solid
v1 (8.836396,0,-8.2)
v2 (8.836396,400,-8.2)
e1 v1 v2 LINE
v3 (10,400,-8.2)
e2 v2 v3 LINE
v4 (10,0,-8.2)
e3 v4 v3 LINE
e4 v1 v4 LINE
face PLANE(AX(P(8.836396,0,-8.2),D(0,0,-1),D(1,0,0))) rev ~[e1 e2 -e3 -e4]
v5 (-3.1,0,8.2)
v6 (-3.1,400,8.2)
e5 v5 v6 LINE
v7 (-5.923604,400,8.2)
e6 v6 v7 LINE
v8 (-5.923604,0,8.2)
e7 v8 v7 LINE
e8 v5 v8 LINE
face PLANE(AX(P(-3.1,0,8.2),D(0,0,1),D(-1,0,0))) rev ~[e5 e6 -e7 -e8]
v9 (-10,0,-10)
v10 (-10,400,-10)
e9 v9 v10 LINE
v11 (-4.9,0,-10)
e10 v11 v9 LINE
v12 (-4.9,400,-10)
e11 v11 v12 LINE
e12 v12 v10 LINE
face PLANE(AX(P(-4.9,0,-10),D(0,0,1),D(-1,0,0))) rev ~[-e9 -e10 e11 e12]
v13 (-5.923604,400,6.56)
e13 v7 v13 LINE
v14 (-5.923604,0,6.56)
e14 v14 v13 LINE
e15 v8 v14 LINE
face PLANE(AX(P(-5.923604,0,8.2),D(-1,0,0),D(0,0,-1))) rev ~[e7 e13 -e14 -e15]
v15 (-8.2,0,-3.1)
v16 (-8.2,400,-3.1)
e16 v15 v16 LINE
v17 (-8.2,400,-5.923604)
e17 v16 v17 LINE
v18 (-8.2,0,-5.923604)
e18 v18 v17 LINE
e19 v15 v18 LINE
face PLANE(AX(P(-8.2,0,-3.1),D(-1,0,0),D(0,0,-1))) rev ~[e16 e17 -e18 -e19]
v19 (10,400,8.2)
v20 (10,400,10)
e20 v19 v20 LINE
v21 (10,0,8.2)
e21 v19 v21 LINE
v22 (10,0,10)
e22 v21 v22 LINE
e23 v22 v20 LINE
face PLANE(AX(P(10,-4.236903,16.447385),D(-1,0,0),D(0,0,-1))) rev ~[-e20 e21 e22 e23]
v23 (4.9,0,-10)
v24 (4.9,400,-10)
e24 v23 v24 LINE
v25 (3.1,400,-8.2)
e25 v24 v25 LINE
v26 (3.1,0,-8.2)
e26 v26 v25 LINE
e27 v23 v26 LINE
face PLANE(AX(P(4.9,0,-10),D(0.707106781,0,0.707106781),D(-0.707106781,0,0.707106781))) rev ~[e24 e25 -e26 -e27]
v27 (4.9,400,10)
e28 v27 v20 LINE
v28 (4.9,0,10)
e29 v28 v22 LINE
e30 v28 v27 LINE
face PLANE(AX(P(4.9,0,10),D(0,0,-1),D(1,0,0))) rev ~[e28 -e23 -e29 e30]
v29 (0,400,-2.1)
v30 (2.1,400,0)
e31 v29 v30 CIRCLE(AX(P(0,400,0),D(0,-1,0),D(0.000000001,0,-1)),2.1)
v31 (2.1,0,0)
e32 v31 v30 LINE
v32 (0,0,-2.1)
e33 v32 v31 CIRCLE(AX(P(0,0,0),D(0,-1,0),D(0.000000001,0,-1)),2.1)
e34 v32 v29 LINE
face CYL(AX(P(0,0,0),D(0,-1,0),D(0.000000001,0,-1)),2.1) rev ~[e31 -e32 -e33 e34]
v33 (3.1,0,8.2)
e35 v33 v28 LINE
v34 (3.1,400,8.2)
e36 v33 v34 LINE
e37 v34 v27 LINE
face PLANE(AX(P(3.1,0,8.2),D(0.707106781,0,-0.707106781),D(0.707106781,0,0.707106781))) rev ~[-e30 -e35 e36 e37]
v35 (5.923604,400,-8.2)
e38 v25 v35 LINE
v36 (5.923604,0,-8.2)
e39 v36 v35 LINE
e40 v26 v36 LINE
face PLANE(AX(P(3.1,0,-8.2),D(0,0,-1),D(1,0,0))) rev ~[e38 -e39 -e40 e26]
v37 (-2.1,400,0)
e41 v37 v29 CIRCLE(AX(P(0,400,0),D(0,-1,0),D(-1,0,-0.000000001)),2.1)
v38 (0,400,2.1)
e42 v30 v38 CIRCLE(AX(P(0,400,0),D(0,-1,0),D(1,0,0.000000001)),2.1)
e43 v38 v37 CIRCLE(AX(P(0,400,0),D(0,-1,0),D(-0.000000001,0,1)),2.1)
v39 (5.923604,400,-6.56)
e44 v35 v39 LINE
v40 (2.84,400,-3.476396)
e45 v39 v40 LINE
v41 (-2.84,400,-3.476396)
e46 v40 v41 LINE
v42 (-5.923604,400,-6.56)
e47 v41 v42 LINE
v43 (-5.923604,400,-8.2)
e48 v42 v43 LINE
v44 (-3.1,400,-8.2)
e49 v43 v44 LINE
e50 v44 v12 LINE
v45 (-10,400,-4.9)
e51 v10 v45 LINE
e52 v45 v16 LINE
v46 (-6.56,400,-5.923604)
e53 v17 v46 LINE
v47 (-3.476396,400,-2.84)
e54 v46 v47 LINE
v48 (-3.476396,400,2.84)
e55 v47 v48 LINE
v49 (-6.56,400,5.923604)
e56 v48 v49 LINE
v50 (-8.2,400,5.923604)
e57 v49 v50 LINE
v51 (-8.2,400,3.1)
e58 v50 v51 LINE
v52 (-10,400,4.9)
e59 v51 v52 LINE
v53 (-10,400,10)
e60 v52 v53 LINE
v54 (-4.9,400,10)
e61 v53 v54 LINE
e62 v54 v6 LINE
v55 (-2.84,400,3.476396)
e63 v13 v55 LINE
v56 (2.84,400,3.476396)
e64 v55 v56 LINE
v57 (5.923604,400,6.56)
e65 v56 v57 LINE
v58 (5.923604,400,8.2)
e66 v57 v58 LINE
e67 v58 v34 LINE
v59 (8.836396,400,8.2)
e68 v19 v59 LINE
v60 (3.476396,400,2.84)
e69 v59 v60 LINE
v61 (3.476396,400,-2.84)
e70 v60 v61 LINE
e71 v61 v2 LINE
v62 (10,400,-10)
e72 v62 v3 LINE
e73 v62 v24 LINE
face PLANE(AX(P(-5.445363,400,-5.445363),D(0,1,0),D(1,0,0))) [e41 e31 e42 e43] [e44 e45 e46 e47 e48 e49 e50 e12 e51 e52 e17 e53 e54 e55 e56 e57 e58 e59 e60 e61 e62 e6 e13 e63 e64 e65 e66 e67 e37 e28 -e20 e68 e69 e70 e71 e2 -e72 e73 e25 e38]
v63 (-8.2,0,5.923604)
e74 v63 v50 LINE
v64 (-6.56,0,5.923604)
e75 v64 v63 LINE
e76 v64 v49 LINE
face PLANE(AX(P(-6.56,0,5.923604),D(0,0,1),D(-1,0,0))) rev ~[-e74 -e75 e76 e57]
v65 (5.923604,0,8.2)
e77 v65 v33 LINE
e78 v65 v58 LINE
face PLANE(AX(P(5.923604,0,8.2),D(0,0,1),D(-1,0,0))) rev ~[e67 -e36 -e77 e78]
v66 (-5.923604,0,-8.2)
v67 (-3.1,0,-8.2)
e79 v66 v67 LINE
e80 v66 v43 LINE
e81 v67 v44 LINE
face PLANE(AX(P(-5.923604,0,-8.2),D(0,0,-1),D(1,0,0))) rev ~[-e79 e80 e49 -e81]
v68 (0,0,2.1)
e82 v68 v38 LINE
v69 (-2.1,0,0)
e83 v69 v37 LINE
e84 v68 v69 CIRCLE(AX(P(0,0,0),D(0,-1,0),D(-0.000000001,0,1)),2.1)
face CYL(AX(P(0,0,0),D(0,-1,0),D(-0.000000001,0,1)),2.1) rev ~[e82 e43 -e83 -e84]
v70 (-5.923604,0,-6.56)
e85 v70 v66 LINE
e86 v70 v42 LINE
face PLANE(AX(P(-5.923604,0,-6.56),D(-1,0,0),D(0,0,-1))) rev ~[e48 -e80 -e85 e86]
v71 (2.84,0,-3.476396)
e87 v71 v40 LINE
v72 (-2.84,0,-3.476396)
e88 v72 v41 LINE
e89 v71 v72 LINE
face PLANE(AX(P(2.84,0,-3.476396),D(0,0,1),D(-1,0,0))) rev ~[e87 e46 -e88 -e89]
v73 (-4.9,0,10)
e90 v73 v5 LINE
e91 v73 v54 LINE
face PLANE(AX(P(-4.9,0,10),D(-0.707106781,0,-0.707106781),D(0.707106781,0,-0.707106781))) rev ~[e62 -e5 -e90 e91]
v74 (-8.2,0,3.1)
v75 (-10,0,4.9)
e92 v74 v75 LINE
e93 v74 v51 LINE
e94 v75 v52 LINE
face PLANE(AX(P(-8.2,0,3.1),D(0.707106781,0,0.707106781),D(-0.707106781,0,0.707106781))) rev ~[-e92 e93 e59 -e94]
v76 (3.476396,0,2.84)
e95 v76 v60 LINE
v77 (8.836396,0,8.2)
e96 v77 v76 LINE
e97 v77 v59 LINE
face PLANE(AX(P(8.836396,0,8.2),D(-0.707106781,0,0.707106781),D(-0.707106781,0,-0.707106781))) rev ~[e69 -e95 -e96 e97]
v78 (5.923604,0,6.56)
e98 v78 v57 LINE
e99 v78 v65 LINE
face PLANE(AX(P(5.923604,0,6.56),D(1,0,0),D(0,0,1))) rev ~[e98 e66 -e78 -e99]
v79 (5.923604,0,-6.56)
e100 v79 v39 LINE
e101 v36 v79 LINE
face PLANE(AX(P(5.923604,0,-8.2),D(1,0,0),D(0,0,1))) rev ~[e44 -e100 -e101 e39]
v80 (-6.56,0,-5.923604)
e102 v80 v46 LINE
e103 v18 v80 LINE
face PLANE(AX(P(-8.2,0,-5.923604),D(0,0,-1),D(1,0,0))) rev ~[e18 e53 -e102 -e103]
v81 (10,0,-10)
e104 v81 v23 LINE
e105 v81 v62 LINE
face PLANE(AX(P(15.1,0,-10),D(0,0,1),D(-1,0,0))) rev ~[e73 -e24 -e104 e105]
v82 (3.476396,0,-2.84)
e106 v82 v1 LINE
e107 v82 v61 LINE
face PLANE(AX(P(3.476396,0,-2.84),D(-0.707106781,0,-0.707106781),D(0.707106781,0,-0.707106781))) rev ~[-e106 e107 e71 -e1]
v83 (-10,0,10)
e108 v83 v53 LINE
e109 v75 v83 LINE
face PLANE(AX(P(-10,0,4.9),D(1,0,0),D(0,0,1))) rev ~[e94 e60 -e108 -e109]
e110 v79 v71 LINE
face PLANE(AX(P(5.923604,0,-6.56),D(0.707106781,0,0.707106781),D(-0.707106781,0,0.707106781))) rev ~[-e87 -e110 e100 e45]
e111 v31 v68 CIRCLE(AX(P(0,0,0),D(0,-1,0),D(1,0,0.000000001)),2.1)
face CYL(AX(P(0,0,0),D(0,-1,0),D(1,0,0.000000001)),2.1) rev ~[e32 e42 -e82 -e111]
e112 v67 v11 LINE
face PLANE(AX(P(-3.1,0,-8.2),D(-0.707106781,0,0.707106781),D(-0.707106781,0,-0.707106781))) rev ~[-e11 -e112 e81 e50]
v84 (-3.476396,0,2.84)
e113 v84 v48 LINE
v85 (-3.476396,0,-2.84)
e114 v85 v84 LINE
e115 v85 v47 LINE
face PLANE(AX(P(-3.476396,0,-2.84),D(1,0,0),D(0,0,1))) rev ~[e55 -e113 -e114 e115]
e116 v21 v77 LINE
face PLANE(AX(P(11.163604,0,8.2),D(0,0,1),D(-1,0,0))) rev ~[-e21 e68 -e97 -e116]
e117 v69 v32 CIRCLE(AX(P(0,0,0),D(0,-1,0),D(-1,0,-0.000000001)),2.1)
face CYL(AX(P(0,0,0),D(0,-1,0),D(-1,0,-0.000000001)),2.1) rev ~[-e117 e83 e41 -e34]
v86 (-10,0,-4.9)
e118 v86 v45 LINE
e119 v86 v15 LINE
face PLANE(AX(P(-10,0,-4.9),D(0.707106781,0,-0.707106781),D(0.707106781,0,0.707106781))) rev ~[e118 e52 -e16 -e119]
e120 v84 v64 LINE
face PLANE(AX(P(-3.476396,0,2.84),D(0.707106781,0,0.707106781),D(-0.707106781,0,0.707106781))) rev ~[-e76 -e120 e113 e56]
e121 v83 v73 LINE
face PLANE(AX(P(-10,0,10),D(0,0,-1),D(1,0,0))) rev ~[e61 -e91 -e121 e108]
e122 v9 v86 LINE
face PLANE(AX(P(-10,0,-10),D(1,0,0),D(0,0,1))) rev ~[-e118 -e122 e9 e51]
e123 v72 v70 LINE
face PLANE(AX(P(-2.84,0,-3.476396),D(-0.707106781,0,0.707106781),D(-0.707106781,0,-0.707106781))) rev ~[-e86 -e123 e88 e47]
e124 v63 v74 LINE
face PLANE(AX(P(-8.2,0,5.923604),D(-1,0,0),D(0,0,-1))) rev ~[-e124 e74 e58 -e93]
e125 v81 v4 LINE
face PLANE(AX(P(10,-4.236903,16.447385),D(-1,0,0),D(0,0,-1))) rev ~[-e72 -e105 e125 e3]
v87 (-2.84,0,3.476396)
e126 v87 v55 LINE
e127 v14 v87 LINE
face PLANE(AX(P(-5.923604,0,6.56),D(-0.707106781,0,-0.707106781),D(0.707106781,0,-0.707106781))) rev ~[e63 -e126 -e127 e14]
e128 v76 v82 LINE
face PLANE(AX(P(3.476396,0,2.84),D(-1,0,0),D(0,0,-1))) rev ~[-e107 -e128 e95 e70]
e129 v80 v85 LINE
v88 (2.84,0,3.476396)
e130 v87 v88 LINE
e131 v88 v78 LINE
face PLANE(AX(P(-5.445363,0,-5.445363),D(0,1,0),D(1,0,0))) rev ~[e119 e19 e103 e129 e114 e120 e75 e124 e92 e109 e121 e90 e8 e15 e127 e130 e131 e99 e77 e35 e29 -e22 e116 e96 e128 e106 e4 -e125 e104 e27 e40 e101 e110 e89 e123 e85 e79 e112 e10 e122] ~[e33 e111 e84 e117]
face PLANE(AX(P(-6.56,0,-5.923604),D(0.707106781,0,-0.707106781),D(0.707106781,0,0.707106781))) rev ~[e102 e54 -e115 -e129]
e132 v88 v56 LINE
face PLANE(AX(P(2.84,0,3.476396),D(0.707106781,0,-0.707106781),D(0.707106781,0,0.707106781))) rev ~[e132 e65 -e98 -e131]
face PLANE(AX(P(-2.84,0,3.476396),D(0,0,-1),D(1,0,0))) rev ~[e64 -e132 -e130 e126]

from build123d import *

# Parameters (mm, degrees)
EXTRUDE_1_DEPTH          = 400
CUT_EXTRUDE_1_DEPTH      = 404.236903073
CUT_EXTRUDE_1_DEPTH_BACK = 404.236903073
SKETCH_2_W               = 44.352947912
SKETCH_2_H               = 26.447385174


with BuildPart() as part:
    # 草图1 → 凸台-拉伸1 (new body)
    with BuildSketch(Plane(origin=(0, 0, 0), x_dir=(1, 0, 0), z_dir=(0, 1, 0))):
        with BuildLine():
            Line((-3.476396103, 2.84), (-3.476396103, 0))
            Line((-3.476396103, 0), (-2.1, 0))
            ThreePointArc((-2.1, 0), (-1.48492424, 1.48492424), (0, 2.1))
            Line((0, 2.1), (0, 3.476396103))
            Line((0, 3.476396103), (-2.84, 3.476396103))
            Line((-2.84, 3.476396103), (-5.923603897, 6.56))
            Line((-5.923603897, 6.56), (-5.923603897, 8.2))
            Line((-5.923603897, 8.2), (-3.1, 8.2))
            Line((-3.1, 8.2), (-4.9, 10))
            Line((-4.9, 10), (-10, 10))
            Line((-10, 10), (-10, 4.9))
            Line((-10, 4.9), (-8.2, 3.1))
            Line((-8.2, 3.1), (-8.2, 5.923603897))
            Line((-8.2, 5.923603897), (-6.56, 5.923603897))
            Line((-6.56, 5.923603897), (-3.476396103, 2.84))
        make_face()
        with BuildLine():
            Line((-2.1, 0), (-3.476396103, 0))
            Line((-3.476396103, 0), (-3.476396103, -2.84))
            Line((-3.476396103, -2.84), (-6.56, -5.923603897))
            Line((-6.56, -5.923603897), (-8.2, -5.923603897))
            Line((-8.2, -5.923603897), (-8.2, -3.1))
            Line((-8.2, -3.1), (-10, -4.9))
            Line((-10, -4.9), (-10, -10))
            Line((-10, -10), (-4.9, -10))
            Line((-4.9, -10), (-3.1, -8.2))
            Line((-3.1, -8.2), (-5.923603897, -8.2))
            Line((-5.923603897, -8.2), (-5.923603897, -6.56))
            Line((-5.923603897, -6.56), (-2.84, -3.476396103))
            Line((-2.84, -3.476396103), (0, -3.476396103))
            Line((0, -3.476396103), (0, -2.1))
            ThreePointArc((0, -2.1), (-1.48492424, -1.48492424), (-2.1, 0))
        make_face()
        with BuildLine():
            ThreePointArc((2.1, 0), (1.48492424, -1.48492424), (0, -2.1))
            Line((0, -2.1), (0, -3.476396103))
            Line((0, -3.476396103), (2.84, -3.476396103))
            Line((2.84, -3.476396103), (5.923603897, -6.56))
            Line((5.923603897, -6.56), (5.923603897, -8.2))
            Line((5.923603897, -8.2), (3.1, -8.2))
            Line((3.1, -8.2), (4.9, -10))
            Line((4.9, -10), (15.1, -10))
            Line((15.1, -10), (16.9, -8.2))
            Line((16.9, -8.2), (14.076396103, -8.2))
            Line((14.076396103, -8.2), (14.076396103, -6.56))
            Line((14.076396103, -6.56), (17.16, -3.476396103))
            Line((17.16, -3.476396103), (20, -3.476396103))
            Line((20, -3.476396103), (20, -2.1))
            ThreePointArc((20, -2.1), (18.51507576, -1.48492424), (17.9, 0))
            Line((17.9, 0), (16.523603897, 0))
            Line((16.523603897, 0), (16.523603897, -2.84))
            Line((16.523603897, -2.84), (13.44, -5.923603897))
            Line((13.44, -5.923603897), (11.163603897, -8.2))
            Line((11.163603897, -8.2), (8.836396103, -8.2))
            Line((8.836396103, -8.2), (6.56, -5.923603897))
            Line((6.56, -5.923603897), (3.476396103, -2.84))
            Line((3.476396103, -2.84), (3.476396103, 0))
            Line((3.476396103, 0), (2.1, 0))
        make_face()
        with BuildLine():
            Line((0, 3.476396103), (0, 2.1))
            ThreePointArc((0, 2.1), (1.48492424, 1.48492424), (2.1, 0))
            Line((2.1, 0), (3.476396103, 0))
            Line((3.476396103, 0), (3.476396103, 2.84))
            Line((3.476396103, 2.84), (6.56, 5.923603897))
            Line((6.56, 5.923603897), (8.836396103, 8.2))
            Line((8.836396103, 8.2), (11.163603897, 8.2))
            Line((11.163603897, 8.2), (13.44, 5.923603897))
            Line((13.44, 5.923603897), (16.523603897, 2.84))
            Line((16.523603897, 2.84), (16.523603897, 0))
            Line((16.523603897, 0), (17.9, 0))
            ThreePointArc((17.9, 0), (18.51507576, 1.48492424), (20, 2.1))
            Line((20, 2.1), (20, 3.476396103))
            Line((20, 3.476396103), (17.16, 3.476396103))
            Line((17.16, 3.476396103), (14.076396103, 6.56))
            Line((14.076396103, 6.56), (14.076396103, 8.2))
            Line((14.076396103, 8.2), (16.9, 8.2))
            Line((16.9, 8.2), (15.1, 10))
            Line((15.1, 10), (4.9, 10))
            Line((4.9, 10), (3.1, 8.2))
            Line((3.1, 8.2), (5.923603897, 8.2))
            Line((5.923603897, 8.2), (5.923603897, 6.56))
            Line((5.923603897, 6.56), (2.84, 3.476396103))
            Line((2.84, 3.476396103), (0, 3.476396103))
        make_face()
        with BuildLine():
            Line((20, 3.476396103), (20, 2.1))
            ThreePointArc((20, 2.1), (21.48492424, 1.48492424), (22.1, 0))
            Line((22.1, 0), (23.476396103, 0))
            Line((23.476396103, 0), (23.476396103, 2.84))
            Line((23.476396103, 2.84), (26.56, 5.923603897))
            Line((26.56, 5.923603897), (28.836396103, 8.2))
            Line((28.836396103, 8.2), (31.163603897, 8.2))
            Line((31.163603897, 8.2), (33.44, 5.923603897))
            Line((33.44, 5.923603897), (36.523603897, 2.84))
            Line((36.523603897, 2.84), (36.523603897, 0))
            Line((36.523603897, 0), (37.9, 0))
            ThreePointArc((37.9, 0), (40, 2.1), (42.1, 0))
            Line((42.1, 0), (43.476396103, 0))
            Line((43.476396103, 0), (43.476396103, 2.84))
            Line((43.476396103, 2.84), (46.56, 5.923603897))
            Line((46.56, 5.923603897), (48.2, 5.923603897))
            Line((48.2, 5.923603897), (48.2, 3.1))
            Line((48.2, 3.1), (50, 4.9))
            Line((50, 4.9), (50, 10))
            Line((50, 10), (44.9, 10))
            Line((44.9, 10), (43.1, 8.2))
            Line((43.1, 8.2), (45.923603897, 8.2))
            Line((45.923603897, 8.2), (45.923603897, 6.56))
            Line((45.923603897, 6.56), (42.84, 3.476396103))
            Line((42.84, 3.476396103), (37.16, 3.476396103))
            Line((37.16, 3.476396103), (34.076396103, 6.56))
            Line((34.076396103, 6.56), (34.076396103, 8.2))
            Line((34.076396103, 8.2), (36.9, 8.2))
            Line((36.9, 8.2), (35.1, 10))
            Line((35.1, 10), (24.9, 10))
            Line((24.9, 10), (23.1, 8.2))
            Line((23.1, 8.2), (25.923603897, 8.2))
            Line((25.923603897, 8.2), (25.923603897, 6.56))
            Line((25.923603897, 6.56), (22.84, 3.476396103))
            Line((22.84, 3.476396103), (20, 3.476396103))
        make_face()
        with BuildLine():
            ThreePointArc((22.1, 0), (21.48492424, -1.48492424), (20, -2.1))
            Line((20, -2.1), (20, -3.476396103))
            Line((20, -3.476396103), (22.84, -3.476396103))
            Line((22.84, -3.476396103), (25.923603897, -6.56))
            Line((25.923603897, -6.56), (25.923603897, -8.2))
            Line((25.923603897, -8.2), (23.1, -8.2))
            Line((23.1, -8.2), (24.9, -10))
            Line((24.9, -10), (35.1, -10))
            Line((35.1, -10), (36.9, -8.2))
            Line((36.9, -8.2), (34.076396103, -8.2))
            Line((34.076396103, -8.2), (34.076396103, -6.56))
            Line((34.076396103, -6.56), (37.16, -3.476396103))
            Line((37.16, -3.476396103), (42.84, -3.476396103))
            Line((42.84, -3.476396103), (45.923603897, -6.56))
            Line((45.923603897, -6.56), (45.923603897, -8.2))
            Line((45.923603897, -8.2), (43.1, -8.2))
            Line((43.1, -8.2), (44.9, -10))
            Line((44.9, -10), (50, -10))
            Line((50, -10), (50, -4.9))
            Line((50, -4.9), (48.2, -3.1))
            Line((48.2, -3.1), (48.2, -5.923603897))
            Line((48.2, -5.923603897), (46.56, -5.923603897))
            Line((46.56, -5.923603897), (43.476396103, -2.84))
            Line((43.476396103, -2.84), (43.476396103, 0))
            Line((43.476396103, 0), (42.1, 0))
            ThreePointArc((42.1, 0), (40, -2.1), (37.9, 0))
            Line((37.9, 0), (36.523603897, 0))
            Line((36.523603897, 0), (36.523603897, -2.84))
            Line((36.523603897, -2.84), (33.44, -5.923603897))
            Line((33.44, -5.923603897), (31.163603897, -8.2))
            Line((31.163603897, -8.2), (28.836396103, -8.2))
            Line((28.836396103, -8.2), (26.56, -5.923603897))
            Line((26.56, -5.923603897), (23.476396103, -2.84))
            Line((23.476396103, -2.84), (23.476396103, 0))
            Line((23.476396103, 0), (22.1, 0))
        make_face()
    extrude(amount=EXTRUDE_1_DEPTH)

    # 草图2 → 切除-拉伸1 (cut, two sides: drawn at the far end of the back side and taken through both)
    with BuildSketch(Plane(origin=(0, 400, 0), x_dir=(1, 0, 0), z_dir=(0, 1, 0)).offset(-CUT_EXTRUDE_1_DEPTH_BACK)):
        with Locations((32.176473956, -3.223692587)):
            Rectangle(SKETCH_2_W, SKETCH_2_H)
    extrude(amount=CUT_EXTRUDE_1_DEPTH + CUT_EXTRUDE_1_DEPTH_BACK, mode=Mode.SUBTRACT)


solid = part.part
